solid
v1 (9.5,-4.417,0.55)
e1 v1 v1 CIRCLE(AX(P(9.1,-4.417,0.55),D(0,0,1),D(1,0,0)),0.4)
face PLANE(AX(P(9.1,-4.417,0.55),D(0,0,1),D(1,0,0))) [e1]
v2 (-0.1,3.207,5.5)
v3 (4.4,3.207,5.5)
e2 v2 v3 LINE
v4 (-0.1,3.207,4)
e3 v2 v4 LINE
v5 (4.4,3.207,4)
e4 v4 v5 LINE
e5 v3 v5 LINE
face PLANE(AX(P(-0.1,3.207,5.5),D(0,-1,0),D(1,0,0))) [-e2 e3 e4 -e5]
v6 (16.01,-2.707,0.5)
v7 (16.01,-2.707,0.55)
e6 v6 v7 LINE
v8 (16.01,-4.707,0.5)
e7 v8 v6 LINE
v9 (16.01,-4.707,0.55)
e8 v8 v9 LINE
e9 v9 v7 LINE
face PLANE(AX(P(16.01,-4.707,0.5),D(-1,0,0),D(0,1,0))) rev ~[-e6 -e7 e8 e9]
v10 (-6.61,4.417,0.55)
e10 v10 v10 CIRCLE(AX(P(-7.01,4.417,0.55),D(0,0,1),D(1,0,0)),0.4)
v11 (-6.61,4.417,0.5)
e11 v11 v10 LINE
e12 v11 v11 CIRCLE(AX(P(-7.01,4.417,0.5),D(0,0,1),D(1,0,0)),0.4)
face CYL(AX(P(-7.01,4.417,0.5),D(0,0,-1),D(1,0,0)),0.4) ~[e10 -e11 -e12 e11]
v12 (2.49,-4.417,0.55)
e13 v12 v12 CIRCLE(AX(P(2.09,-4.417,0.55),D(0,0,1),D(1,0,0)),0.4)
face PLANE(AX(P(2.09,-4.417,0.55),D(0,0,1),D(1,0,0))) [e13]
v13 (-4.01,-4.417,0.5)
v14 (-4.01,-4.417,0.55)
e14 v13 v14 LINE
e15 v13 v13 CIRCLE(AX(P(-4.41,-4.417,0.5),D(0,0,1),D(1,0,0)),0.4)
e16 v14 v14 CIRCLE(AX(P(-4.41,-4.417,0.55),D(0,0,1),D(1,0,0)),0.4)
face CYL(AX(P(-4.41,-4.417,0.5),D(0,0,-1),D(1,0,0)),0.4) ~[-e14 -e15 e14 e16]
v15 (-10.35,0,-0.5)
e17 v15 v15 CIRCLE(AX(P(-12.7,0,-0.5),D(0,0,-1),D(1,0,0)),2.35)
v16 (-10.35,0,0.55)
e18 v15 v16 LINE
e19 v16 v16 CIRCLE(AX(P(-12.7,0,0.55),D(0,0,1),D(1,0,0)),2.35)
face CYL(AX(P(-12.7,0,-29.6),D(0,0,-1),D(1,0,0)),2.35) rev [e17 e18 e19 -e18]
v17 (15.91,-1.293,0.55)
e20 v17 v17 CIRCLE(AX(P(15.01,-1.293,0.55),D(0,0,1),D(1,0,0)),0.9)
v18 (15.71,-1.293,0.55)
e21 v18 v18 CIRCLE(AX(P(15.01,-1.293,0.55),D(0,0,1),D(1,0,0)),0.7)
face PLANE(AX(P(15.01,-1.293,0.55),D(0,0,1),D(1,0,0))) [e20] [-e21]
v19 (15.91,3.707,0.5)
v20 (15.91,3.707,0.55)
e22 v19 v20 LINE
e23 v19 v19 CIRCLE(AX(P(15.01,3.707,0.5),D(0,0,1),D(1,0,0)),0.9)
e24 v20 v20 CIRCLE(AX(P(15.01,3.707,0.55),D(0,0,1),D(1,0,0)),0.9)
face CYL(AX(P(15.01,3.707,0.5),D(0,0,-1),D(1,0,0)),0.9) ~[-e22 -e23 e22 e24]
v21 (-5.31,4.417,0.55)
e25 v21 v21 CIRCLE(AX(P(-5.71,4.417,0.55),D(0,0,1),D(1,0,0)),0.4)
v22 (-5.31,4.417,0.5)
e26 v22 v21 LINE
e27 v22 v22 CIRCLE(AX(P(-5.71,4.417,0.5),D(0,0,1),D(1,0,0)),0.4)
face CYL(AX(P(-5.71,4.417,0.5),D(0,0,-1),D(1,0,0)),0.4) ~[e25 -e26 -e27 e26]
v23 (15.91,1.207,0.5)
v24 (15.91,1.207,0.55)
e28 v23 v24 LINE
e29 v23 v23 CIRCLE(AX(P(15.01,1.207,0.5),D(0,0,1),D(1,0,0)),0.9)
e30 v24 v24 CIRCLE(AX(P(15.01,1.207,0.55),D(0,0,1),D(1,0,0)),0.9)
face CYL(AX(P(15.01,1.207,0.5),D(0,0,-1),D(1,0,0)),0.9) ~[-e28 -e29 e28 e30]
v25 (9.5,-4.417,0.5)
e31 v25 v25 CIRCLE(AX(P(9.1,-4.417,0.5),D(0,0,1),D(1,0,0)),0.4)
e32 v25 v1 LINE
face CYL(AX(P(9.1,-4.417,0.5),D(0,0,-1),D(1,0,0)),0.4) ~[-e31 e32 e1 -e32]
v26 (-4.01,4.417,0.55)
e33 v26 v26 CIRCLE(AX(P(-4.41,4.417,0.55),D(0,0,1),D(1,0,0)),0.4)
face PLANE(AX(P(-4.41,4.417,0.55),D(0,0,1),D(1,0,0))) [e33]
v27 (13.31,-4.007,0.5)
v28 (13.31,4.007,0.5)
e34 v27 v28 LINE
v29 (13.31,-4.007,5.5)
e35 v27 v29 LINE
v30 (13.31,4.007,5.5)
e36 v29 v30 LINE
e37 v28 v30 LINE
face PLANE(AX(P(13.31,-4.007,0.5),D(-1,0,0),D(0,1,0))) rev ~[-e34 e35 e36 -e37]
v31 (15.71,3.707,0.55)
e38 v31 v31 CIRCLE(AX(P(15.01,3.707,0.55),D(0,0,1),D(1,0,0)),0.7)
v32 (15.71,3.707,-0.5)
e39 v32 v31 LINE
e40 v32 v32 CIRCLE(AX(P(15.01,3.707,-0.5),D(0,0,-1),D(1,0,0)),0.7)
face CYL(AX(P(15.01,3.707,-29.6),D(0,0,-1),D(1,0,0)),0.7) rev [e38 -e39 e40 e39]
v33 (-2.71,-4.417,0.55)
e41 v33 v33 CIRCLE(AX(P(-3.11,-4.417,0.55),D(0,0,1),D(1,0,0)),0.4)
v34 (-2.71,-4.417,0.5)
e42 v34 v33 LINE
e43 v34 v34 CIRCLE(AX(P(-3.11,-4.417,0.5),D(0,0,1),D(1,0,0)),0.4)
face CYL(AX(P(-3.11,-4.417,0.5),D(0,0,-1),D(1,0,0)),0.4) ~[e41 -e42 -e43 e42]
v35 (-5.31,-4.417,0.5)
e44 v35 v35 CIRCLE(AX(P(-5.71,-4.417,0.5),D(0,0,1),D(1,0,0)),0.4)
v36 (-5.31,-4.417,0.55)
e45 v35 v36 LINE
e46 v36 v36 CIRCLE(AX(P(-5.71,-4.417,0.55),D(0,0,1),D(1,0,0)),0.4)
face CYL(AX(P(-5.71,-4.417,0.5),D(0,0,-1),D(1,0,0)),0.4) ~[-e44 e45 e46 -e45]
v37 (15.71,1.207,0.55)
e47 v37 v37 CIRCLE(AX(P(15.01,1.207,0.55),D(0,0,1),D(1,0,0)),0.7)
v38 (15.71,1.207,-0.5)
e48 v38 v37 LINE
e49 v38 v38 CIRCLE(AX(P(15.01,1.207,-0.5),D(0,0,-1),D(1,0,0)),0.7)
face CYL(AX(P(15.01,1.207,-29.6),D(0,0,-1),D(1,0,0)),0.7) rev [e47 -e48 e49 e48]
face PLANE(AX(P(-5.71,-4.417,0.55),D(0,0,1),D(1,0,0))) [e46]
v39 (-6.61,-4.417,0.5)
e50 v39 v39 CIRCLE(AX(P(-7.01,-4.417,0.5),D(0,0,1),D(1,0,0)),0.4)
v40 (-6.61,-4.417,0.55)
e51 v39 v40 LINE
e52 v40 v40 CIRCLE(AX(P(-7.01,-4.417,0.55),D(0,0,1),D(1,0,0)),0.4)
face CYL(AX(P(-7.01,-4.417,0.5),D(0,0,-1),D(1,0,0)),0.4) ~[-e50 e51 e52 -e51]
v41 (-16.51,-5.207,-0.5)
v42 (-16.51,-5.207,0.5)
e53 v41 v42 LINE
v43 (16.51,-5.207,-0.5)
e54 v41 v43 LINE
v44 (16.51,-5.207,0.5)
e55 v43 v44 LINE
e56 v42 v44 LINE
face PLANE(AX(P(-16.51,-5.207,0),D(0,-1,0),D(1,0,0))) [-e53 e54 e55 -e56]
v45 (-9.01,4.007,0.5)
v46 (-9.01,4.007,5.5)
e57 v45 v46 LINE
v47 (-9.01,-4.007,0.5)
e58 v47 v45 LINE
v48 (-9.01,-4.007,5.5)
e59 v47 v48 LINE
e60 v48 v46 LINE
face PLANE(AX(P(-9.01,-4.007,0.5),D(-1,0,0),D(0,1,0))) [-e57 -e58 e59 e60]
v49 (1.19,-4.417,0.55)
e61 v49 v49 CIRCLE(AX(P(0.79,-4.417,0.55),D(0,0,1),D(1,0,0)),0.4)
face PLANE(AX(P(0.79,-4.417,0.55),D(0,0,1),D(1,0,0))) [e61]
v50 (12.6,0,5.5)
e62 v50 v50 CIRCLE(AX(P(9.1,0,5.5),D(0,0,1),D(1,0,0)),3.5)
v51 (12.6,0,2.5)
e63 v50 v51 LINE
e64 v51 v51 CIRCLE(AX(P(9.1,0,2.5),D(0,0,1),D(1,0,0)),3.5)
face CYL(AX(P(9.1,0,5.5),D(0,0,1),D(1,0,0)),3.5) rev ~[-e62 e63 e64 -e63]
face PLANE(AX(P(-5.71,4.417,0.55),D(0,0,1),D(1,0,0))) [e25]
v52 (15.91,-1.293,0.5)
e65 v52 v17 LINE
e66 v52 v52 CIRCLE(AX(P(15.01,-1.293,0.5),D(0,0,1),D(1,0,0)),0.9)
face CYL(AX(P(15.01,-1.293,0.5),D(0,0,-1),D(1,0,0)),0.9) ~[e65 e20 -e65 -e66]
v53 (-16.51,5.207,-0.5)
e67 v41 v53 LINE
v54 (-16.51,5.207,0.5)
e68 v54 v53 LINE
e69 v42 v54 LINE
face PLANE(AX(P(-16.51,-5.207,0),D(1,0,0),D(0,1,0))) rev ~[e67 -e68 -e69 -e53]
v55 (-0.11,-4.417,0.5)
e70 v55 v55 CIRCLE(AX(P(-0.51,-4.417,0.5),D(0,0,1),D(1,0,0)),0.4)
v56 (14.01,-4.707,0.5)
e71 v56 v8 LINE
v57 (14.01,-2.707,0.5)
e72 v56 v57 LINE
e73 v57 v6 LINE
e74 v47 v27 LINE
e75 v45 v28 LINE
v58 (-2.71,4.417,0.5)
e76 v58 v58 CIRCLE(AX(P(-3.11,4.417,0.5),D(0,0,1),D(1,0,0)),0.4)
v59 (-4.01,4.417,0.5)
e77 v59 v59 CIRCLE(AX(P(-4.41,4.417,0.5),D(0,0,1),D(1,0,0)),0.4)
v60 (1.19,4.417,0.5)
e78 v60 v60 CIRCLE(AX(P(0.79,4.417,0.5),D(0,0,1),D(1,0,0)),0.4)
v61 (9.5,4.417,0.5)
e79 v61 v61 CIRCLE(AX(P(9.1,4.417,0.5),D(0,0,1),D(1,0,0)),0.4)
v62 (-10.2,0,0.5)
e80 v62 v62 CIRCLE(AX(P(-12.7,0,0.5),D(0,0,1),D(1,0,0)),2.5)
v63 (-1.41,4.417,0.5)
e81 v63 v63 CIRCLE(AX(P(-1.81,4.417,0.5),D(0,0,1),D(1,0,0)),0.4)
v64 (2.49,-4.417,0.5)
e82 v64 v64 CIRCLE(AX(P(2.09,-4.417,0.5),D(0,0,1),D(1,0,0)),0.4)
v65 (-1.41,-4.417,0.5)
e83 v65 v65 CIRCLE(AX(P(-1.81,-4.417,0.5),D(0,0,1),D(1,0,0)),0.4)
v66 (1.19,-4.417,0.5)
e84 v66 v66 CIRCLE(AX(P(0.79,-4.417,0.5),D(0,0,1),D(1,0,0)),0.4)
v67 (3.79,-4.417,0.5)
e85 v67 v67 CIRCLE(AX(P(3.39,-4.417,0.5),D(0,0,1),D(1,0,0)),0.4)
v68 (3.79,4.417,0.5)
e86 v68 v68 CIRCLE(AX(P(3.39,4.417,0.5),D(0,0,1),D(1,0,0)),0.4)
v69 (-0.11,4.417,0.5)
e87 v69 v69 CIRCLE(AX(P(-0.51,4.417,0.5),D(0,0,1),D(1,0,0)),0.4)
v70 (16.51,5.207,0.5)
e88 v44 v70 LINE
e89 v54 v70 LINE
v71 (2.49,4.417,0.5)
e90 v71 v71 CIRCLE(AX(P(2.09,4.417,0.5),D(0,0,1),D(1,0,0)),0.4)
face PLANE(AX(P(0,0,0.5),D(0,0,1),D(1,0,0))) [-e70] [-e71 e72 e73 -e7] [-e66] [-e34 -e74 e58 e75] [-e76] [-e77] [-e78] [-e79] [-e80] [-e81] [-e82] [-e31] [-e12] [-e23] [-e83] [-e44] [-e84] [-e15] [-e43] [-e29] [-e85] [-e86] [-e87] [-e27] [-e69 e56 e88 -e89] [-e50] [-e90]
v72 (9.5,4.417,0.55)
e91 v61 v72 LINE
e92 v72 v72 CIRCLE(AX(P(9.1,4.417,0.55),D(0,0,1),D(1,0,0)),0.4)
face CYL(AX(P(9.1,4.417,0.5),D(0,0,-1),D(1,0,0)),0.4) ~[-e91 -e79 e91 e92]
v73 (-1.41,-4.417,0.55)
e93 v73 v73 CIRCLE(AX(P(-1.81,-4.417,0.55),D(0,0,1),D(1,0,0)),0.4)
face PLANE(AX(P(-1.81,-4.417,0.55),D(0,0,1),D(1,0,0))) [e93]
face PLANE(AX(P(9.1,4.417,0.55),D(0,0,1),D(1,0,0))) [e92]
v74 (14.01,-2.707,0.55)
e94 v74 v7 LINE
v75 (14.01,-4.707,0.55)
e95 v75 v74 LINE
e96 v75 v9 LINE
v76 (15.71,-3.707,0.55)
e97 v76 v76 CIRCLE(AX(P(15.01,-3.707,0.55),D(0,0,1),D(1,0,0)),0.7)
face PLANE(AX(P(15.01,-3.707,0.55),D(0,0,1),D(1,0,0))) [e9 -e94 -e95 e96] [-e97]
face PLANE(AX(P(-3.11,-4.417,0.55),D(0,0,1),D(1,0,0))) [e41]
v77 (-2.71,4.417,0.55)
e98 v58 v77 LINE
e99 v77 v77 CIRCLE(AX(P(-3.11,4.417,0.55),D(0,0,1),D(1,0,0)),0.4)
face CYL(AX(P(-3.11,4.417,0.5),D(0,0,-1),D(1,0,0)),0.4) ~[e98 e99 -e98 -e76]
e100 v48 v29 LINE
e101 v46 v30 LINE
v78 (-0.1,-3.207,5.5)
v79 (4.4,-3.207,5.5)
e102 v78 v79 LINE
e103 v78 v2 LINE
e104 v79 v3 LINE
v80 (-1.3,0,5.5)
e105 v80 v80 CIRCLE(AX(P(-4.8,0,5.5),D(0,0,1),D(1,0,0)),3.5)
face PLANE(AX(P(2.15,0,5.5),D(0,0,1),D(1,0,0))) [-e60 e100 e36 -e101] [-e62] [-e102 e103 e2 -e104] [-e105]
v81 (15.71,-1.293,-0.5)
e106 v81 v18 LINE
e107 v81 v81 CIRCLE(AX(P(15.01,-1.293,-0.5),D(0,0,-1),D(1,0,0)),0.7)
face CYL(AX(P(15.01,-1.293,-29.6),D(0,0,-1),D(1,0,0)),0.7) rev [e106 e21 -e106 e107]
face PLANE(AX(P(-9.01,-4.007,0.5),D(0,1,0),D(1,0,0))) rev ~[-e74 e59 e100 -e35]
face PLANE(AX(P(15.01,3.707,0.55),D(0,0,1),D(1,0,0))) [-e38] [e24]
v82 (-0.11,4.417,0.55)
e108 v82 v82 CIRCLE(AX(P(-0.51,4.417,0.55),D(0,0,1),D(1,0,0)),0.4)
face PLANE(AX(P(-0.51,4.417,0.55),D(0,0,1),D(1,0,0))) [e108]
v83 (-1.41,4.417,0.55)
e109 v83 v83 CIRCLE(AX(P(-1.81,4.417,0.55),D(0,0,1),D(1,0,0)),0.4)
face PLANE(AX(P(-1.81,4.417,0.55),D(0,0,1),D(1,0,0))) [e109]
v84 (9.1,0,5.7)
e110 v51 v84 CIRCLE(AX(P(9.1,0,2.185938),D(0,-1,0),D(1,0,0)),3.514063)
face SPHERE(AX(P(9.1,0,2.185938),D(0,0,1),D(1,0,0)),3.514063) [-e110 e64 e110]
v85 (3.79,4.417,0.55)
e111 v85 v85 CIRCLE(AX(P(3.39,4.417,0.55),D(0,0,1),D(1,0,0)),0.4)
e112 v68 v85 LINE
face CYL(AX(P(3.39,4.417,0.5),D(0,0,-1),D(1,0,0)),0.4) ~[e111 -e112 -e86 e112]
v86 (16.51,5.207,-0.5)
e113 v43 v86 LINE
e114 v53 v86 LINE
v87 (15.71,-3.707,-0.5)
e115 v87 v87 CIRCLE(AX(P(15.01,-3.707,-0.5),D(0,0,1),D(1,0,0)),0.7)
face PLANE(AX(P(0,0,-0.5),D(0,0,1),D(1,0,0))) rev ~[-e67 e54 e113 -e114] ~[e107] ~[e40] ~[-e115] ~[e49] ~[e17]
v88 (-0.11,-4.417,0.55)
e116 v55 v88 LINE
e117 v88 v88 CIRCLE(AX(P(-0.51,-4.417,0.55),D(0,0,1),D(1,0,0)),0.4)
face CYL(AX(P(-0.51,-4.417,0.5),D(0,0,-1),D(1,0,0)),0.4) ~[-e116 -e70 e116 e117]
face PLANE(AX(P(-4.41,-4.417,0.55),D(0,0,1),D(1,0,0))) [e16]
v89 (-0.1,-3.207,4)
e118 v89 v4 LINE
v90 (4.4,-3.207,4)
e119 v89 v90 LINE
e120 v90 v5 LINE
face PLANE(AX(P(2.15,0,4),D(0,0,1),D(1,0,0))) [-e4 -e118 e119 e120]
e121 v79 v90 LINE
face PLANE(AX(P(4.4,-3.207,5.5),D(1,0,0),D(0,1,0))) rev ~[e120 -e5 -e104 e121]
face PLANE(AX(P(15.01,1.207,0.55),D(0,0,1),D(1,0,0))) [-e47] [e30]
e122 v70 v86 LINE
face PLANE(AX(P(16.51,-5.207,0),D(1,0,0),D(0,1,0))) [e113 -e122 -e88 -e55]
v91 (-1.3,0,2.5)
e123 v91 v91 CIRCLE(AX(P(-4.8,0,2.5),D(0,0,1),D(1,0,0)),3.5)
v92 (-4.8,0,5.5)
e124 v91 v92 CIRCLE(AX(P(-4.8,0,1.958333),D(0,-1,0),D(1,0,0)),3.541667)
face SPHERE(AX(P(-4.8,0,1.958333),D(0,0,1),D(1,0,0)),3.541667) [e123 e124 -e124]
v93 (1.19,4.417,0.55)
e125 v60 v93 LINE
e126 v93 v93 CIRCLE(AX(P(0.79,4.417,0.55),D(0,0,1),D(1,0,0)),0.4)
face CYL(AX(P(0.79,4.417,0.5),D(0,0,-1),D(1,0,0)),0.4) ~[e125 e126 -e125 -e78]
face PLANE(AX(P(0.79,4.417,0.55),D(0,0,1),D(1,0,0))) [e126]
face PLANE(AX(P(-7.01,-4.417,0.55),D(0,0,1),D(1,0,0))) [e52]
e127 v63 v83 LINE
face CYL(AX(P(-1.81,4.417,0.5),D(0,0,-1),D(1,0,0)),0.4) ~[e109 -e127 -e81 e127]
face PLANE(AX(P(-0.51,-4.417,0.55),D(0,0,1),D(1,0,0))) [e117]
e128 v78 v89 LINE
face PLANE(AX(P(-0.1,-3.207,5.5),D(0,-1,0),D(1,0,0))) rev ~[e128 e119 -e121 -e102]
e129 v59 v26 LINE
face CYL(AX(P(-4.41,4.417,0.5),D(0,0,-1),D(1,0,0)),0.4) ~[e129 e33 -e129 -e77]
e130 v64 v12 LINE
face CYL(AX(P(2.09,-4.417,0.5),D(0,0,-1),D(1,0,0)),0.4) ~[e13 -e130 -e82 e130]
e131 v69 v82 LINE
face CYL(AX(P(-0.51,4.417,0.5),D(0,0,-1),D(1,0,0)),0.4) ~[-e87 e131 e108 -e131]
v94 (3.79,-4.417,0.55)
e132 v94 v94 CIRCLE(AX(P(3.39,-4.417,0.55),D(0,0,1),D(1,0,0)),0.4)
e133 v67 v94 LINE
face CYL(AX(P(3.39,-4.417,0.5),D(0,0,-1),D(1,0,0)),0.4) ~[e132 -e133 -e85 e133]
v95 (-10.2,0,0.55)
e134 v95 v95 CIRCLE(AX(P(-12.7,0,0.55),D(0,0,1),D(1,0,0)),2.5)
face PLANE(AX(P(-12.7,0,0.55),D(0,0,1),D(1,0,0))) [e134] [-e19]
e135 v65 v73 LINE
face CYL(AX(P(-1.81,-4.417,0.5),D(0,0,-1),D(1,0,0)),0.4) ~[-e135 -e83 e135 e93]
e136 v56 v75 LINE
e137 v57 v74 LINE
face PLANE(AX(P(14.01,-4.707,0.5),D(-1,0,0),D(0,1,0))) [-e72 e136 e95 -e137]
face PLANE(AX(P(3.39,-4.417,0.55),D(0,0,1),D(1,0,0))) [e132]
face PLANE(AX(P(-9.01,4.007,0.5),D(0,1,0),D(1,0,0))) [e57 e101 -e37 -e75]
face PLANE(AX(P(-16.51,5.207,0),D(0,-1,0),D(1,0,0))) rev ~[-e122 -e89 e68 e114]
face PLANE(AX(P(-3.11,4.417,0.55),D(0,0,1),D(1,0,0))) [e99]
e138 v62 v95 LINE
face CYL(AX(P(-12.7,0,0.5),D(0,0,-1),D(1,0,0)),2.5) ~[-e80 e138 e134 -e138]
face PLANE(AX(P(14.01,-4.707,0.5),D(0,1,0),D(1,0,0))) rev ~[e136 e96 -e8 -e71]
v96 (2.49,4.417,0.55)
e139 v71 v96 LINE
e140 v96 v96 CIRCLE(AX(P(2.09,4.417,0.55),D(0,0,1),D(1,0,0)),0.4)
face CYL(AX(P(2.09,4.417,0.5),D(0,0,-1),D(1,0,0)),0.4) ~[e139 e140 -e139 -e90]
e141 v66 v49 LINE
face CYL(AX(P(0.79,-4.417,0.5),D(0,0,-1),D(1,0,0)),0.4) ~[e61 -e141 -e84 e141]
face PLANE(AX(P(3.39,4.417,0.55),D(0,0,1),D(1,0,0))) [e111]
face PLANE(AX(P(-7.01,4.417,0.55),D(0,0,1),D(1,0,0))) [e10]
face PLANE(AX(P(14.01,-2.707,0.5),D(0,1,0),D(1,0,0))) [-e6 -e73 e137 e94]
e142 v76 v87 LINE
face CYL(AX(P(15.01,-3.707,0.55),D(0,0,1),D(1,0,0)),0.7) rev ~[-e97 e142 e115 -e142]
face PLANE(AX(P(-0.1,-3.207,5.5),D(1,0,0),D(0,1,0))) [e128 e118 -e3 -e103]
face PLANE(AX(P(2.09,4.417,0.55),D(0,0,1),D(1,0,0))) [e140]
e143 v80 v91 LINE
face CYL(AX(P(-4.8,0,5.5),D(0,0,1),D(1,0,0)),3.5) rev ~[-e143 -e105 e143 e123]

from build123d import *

# Parameters (mm, degrees)
CROQUIS1_W              = 33.02
CROQUIS1_H              = 10.414
SALIENTE_EXTRUIR1_DEPTH = 0.5
CROQUIS2_R              = 2.5
CROQUIS2_R_2            = 2.35
CROQUIS2_R_3            = 0.9
CROQUIS2_R_4            = 0.7
CROQUIS2_W              = 2
CROQUIS2_H              = 2
SALIENTE_EXTRUIR2_DEPTH = 0.05
CORTAR_EXTRUIR1_START   = -30.1
CROQUIS3_R              = 2.35
CROQUIS3_R_2            = 0.7
CORTAR_EXTRUIR1_DEPTH   = 30.1
CROQUIS4_R              = 0.7
CORTAR_EXTRUIR2_DEPTH   = 40.1
CROQUIS5_W              = 22.32
CROQUIS5_H              = 8.014
SALIENTE_EXTRUIR3_DEPTH = 5
CROQUIS6_W              = 4.5
CROQUIS6_H              = 6.414
CORTAR_EXTRUIR3_DEPTH   = 1.5
CROQUIS7_R              = 3.5
CORTAR_EXTRUIR4_DEPTH   = 3
C_PULA1_FACE_RADIUS     = 3.5
C_PULA1_HEIGHT          = 3
C_PULA2_FACE_RADIUS     = 3.5
C_PULA2_HEIGHT          = 3.2
CROQUIS8_R              = 0.4
SALIENTE_EXTRUIR4_DEPTH = 0.05


with BuildPart() as part:
    # Croquis1 → Saliente-Extruir1 (new, symmetric)
    with BuildSketch(Plane.XY):
        Rectangle(CROQUIS1_W, CROQUIS1_H)
    extrude(amount=SALIENTE_EXTRUIR1_DEPTH, both=True)

    # Croquis2 → Saliente-Extruir2 (add)
    # profile 1 of 5: a face of its own
    with BuildSketch(Plane.XY.offset(0.5)):
        with Locations((-12.7, 0)):
            Circle(CROQUIS2_R)
        with Locations((-12.7, 0)):
            Circle(CROQUIS2_R_2, mode=Mode.SUBTRACT)
    # profile 2 of 5: a face of its own
    with BuildSketch(Plane.XY.offset(0.5)):
        with Locations((15.01, 3.707)):
            Circle(CROQUIS2_R_3)
        with Locations((15.01, 3.707)):
            Circle(CROQUIS2_R_4, mode=Mode.SUBTRACT)
    # profile 3 of 5: a face of its own
    with BuildSketch(Plane.XY.offset(0.5)):
        with Locations((15.01, 1.207)):
            Circle(CROQUIS2_R_3)
        with Locations((15.01, 1.207)):
            Circle(CROQUIS2_R_4, mode=Mode.SUBTRACT)
    # profile 4 of 5: a face of its own
    with BuildSketch(Plane.XY.offset(0.5)):
        with Locations((15.01, -1.293)):
            Circle(CROQUIS2_R_3)
        with Locations((15.01, -1.293)):
            Circle(CROQUIS2_R_4, mode=Mode.SUBTRACT)
    # profile 5 of 5: a face of its own
    with BuildSketch(Plane.XY.offset(0.5)):
        with Locations((15.01, -3.707)):
            Rectangle(CROQUIS2_W, CROQUIS2_H)
    extrude(amount=SALIENTE_EXTRUIR2_DEPTH)

    # Croquis3 → Cortar-Extruir1 (cut)
    with BuildSketch(Plane.XY.offset(0.5).offset(CORTAR_EXTRUIR1_START)):
        with Locations((-12.7, 0)):
            Circle(CROQUIS3_R)
        with Locations((15.01, 3.707)):
            Circle(CROQUIS3_R_2)
        with Locations((15.01, 1.207)):
            Circle(CROQUIS3_R_2)
        with Locations((15.01, -1.293)):
            Circle(CROQUIS3_R_2)
    extrude(amount=CORTAR_EXTRUIR1_DEPTH, mode=Mode.SUBTRACT)

    # Croquis4 → Cortar-Extruir2 (cut)
    with BuildSketch(Plane.XY.offset(0.55)):
        with Locations((15.01, -3.707)):
            Circle(CROQUIS4_R)
    extrude(amount=-CORTAR_EXTRUIR2_DEPTH, mode=Mode.SUBTRACT)

    # Croquis5 → Saliente-Extruir3 (add)
    with BuildSketch(Plane.XY.offset(0.5)):
        with Locations((2.15, 0)):
            Rectangle(CROQUIS5_W, CROQUIS5_H)
    extrude(amount=SALIENTE_EXTRUIR3_DEPTH)

    # Croquis6 → Cortar-Extruir3 (cut)
    with BuildSketch(Plane.XY.offset(5.5)):
        with Locations((2.15, 0)):
            Rectangle(CROQUIS6_W, CROQUIS6_H)
    extrude(amount=-CORTAR_EXTRUIR3_DEPTH, mode=Mode.SUBTRACT)

    # Croquis7 → Cortar-Extruir4 (cut)
    with BuildSketch(Plane.XY.offset(5.5)):
        with Locations((-4.8, 0)):
            Circle(CROQUIS7_R)
        with Locations((9.1, 0)):
            Circle(CROQUIS7_R)
    extrude(amount=-CORTAR_EXTRUIR4_DEPTH, mode=Mode.SUBTRACT)

    # Cúpula1: a dome of height H over a round flat face of radius A is a cap of a sphere of radius (A * A + H * H) / (2 * H)
    c_pula1_r = (C_PULA1_FACE_RADIUS * C_PULA1_FACE_RADIUS + C_PULA1_HEIGHT * C_PULA1_HEIGHT) / (2 * C_PULA1_HEIGHT)
    c_pula1_base = Plane((-4.8, 0, 2.5), z_dir=(0, 0, 1))
    with Locations(c_pula1_base.offset(C_PULA1_HEIGHT - c_pula1_r)):
        c_pula1_ball = Sphere(c_pula1_r, mode=Mode.PRIVATE)
    add(split(c_pula1_ball, bisect_by=c_pula1_base, keep=Keep.TOP, mode=Mode.PRIVATE))

    # Cúpula2: a dome of height H over a round flat face of radius A is a cap of a sphere of radius (A * A + H * H) / (2 * H)
    c_pula2_r = (C_PULA2_FACE_RADIUS * C_PULA2_FACE_RADIUS + C_PULA2_HEIGHT * C_PULA2_HEIGHT) / (2 * C_PULA2_HEIGHT)
    c_pula2_base = Plane((9.1, 0, 2.5), z_dir=(0, 0, 1))
    with Locations(c_pula2_base.offset(C_PULA2_HEIGHT - c_pula2_r)):
        c_pula2_ball = Sphere(c_pula2_r, mode=Mode.PRIVATE)
    add(split(c_pula2_ball, bisect_by=c_pula2_base, keep=Keep.TOP, mode=Mode.PRIVATE))

    # Croquis8 → Saliente-Extruir4 (add)
    with BuildSketch(Plane.XY.offset(0.5)):
        with Locations((9.1, 4.417)):
            Circle(CROQUIS8_R)
        with Locations((-7.01, 4.417)):
            Circle(CROQUIS8_R)
        with Locations((-5.71, 4.417)):
            Circle(CROQUIS8_R)
        with Locations((-4.41, 4.417)):
            Circle(CROQUIS8_R)
        with Locations((-3.11, 4.417)):
            Circle(CROQUIS8_R)
        with Locations((-1.81, 4.417)):
            Circle(CROQUIS8_R)
        with Locations((-0.51, 4.417)):
            Circle(CROQUIS8_R)
        with Locations((0.79, 4.417)):
            Circle(CROQUIS8_R)
        with Locations((2.09, 4.417)):
            Circle(CROQUIS8_R)
        with Locations((3.39, 4.417)):
            Circle(CROQUIS8_R)
        with Locations((-7.01, -4.417)):
            Circle(CROQUIS8_R)
        with Locations((-5.71, -4.417)):
            Circle(CROQUIS8_R)
        with Locations((-4.41, -4.417)):
            Circle(CROQUIS8_R)
        with Locations((-3.11, -4.417)):
            Circle(CROQUIS8_R)
        with Locations((-1.81, -4.417)):
            Circle(CROQUIS8_R)
        with Locations((-0.51, -4.417)):
            Circle(CROQUIS8_R)
        with Locations((0.79, -4.417)):
            Circle(CROQUIS8_R)
        with Locations((2.09, -4.417)):
            Circle(CROQUIS8_R)
        with Locations((3.39, -4.417)):
            Circle(CROQUIS8_R)
        with Locations((9.1, -4.417)):
            Circle(CROQUIS8_R)
    extrude(amount=SALIENTE_EXTRUIR4_DEPTH)


solid = part.part
